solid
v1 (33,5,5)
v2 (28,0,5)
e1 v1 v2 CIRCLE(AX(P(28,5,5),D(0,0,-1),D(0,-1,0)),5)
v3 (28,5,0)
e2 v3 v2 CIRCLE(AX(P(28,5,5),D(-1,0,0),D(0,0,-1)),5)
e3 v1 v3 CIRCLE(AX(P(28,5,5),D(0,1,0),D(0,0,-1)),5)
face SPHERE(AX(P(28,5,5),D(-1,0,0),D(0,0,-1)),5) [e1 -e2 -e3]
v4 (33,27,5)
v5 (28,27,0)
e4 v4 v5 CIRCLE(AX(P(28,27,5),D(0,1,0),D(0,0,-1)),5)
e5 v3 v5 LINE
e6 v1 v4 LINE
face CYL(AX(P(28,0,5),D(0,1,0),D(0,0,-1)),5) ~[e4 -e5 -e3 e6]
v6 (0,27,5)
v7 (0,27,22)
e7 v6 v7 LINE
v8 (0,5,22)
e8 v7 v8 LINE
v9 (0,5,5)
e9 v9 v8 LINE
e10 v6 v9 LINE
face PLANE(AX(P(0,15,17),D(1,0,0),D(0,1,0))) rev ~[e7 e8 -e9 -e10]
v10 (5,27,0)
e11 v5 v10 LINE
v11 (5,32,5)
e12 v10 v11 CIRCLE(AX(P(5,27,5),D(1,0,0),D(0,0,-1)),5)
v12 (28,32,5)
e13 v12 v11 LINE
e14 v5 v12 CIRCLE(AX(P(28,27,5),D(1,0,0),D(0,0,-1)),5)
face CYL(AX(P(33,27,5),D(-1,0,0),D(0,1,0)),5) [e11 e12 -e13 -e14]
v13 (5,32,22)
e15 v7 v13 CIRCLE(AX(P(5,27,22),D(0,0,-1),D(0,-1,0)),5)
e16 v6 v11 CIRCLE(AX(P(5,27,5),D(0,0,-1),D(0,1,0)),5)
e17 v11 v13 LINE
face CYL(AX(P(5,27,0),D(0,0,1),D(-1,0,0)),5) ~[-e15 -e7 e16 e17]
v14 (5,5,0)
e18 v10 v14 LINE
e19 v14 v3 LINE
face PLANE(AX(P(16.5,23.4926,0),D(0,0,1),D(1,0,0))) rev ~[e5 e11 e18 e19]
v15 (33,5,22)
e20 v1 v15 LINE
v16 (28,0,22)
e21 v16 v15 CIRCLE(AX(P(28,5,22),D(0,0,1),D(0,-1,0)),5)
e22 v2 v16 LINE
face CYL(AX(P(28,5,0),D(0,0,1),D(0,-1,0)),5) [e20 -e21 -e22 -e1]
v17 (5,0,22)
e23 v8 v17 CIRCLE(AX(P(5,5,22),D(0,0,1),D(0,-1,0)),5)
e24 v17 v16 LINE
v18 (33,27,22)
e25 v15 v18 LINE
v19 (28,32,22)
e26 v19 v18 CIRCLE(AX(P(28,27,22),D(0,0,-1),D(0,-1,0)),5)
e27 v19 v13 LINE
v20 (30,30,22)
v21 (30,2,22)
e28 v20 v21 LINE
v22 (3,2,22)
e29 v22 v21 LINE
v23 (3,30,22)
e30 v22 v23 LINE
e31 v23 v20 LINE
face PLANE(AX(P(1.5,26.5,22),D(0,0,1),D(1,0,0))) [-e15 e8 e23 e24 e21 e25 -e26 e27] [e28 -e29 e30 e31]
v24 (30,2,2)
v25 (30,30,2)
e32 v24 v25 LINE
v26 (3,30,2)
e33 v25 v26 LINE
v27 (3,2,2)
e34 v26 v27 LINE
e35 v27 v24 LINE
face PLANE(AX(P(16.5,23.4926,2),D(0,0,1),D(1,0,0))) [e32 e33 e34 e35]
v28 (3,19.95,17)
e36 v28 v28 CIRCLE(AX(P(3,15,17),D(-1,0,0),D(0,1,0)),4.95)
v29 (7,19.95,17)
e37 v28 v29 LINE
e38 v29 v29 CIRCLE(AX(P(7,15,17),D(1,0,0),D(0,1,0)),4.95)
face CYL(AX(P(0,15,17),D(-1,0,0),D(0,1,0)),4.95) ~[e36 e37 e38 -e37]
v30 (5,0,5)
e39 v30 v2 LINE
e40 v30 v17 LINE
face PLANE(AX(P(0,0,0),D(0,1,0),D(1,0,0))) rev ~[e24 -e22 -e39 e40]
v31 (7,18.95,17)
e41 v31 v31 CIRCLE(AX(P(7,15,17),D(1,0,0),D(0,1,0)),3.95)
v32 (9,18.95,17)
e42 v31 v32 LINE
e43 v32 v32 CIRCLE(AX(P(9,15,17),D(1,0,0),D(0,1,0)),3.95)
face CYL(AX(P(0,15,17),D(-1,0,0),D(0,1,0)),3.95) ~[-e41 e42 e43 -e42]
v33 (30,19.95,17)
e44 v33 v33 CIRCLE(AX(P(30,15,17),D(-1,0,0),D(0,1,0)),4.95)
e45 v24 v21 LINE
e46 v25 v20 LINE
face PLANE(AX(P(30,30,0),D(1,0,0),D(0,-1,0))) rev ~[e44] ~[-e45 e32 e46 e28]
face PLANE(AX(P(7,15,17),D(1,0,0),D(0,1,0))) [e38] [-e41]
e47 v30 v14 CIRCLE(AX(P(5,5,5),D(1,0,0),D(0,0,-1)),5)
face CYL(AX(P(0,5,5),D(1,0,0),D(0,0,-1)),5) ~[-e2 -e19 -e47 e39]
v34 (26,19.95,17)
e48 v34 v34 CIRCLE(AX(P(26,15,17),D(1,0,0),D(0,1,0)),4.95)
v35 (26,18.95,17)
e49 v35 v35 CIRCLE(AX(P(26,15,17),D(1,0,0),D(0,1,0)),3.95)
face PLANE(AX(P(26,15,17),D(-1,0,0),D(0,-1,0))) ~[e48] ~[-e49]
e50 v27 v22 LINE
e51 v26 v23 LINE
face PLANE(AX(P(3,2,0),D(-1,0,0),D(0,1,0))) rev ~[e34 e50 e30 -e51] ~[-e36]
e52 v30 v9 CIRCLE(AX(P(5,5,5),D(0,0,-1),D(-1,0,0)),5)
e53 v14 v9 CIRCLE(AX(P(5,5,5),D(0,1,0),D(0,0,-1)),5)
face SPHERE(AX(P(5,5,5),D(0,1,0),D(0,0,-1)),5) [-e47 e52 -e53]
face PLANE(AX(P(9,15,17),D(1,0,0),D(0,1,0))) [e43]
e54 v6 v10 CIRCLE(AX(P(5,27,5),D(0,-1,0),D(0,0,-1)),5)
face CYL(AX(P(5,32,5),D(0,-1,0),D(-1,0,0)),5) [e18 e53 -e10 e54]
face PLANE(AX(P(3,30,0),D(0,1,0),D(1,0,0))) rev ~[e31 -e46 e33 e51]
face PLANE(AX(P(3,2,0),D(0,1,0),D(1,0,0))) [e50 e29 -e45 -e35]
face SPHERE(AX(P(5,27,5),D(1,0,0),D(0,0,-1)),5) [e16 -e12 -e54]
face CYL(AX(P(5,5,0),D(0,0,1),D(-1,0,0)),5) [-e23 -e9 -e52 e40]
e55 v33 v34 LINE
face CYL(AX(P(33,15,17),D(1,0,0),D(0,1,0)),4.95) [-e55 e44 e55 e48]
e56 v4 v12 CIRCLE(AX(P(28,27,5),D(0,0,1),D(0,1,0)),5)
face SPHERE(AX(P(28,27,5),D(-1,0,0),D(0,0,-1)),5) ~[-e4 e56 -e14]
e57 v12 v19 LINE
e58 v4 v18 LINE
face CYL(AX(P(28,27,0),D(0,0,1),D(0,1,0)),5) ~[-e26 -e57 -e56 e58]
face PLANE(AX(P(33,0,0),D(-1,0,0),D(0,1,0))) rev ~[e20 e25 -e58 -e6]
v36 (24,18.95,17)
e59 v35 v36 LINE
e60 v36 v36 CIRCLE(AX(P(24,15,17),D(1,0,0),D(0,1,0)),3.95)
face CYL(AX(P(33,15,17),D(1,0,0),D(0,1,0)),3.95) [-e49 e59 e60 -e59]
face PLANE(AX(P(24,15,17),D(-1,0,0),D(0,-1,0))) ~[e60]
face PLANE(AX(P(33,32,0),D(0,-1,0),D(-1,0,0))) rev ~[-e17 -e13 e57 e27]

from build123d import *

# Parameters (mm, degrees)
F0_W     = 3
F0_H     = 14
F0_H_2   = 2
F0_W_2   = 27
F0_H_3   = 5
F1_DEPTH = 22
F0_W_3   = 7
F0_H_4   = 10.0040441751
F2_DEPTH = 2
F3_R     = 3.95
F4_DEPTH = 9
F5_R     = 5
F3_R_2   = 4.95
F6_DEPTH = 7


with BuildPart() as f1:
    # F0 (on Top) → F1 (new body)
    with BuildSketch(Plane.XY):
        Polygon((3, 32), (0, 32), (0, 21), (3, 21), (3, 30), align=None)
        Polygon((33, 32), (3, 32), (3, 30), (30, 30), (33, 30), align=None)
        with Locations((31.5, 23)):
            Rectangle(F0_W, F0_H)
        with Locations((31.5, 9)):
            Rectangle(F0_W, F0_H)
        with Locations((31.5, 1)):
            Rectangle(F0_W, F0_H_2)
        with Locations((16.5, 1)):
            Rectangle(F0_W_2, F0_H_2)
        Polygon((3, 11), (0, 11), (0, 0), (3, 0), (3, 2), align=None)
        with Locations((1.5, 13.5)):
            Rectangle(F0_W, F0_H_3)
        with Locations((1.5, 18.5)):
            Rectangle(F0_W, F0_H_3)
    extrude(amount=F1_DEPTH)

    # F0 (on Top) → F2 (join)
    with BuildSketch(Plane.XY):
        Polygon((30, 30), (3, 30), (3, 21), (3, 16), (6.5, 16), (6.5, 26.0040441751), (13.5, 26.0040441751), (13.5, 16), (16.5, 16), (19.5, 16), (19.5, 26.0040441751), (26.5, 26.0040441751), (26.5, 16), (30, 16), align=None)
        Polygon((6.5, 16), (3, 16), (3, 11), (3, 2), (30, 2), (30, 16), (26.5, 16), (26.5, 5.9959558249), (19.5, 5.9959558249), (19.5, 16), (16.5, 16), (13.5, 16), (13.5, 5.9959558249), (6.5, 5.9959558249), align=None)
        with Locations((10, 10.9979779124)):
            Rectangle(F0_W_3, F0_H_4)
        with Locations((10, 21.0020220876)):
            Rectangle(F0_W_3, F0_H_4)
        with Locations((23, 21.0020220876)):
            Rectangle(F0_W_3, F0_H_4)
        with Locations((23, 10.9979779124)):
            Rectangle(F0_W_3, F0_H_4)
    extrude(amount=F2_DEPTH)

    # F3 (on Right) → F4 (join)
    with BuildSketch(Plane.YZ):
        with Locations((15, 17)):
            Circle(F3_R)
    extrude(amount=F4_DEPTH)

    # F5
    f5_edges = [f1.edges().sort_by_distance(p)[0] for p in [
        (16.5, 32, 0),
        (0, 16, 0),
        (16.5, 0, 0),
        (33, 16, 0),
        (33, 32, 11),
        (0, 32, 11),
        (0, 0, 11),
        (33, 0, 11),
    ]]
    fillet(f5_edges, radius=F5_R)

    # F3 (on Right) → F6 (join)
    with BuildSketch(Plane.YZ):
        with Locations((15, 17)):
            Circle(F3_R_2)
        with Locations((15, 17)):
            Circle(F3_R, mode=Mode.SUBTRACT)
    extrude(amount=F6_DEPTH)

    # F8: F1 across plane


with BuildPart() as f1_1:
    add(f1.part)
    add(f1.part.mirror(Plane.YZ.offset(16.5)))


solid = f1_1.part
